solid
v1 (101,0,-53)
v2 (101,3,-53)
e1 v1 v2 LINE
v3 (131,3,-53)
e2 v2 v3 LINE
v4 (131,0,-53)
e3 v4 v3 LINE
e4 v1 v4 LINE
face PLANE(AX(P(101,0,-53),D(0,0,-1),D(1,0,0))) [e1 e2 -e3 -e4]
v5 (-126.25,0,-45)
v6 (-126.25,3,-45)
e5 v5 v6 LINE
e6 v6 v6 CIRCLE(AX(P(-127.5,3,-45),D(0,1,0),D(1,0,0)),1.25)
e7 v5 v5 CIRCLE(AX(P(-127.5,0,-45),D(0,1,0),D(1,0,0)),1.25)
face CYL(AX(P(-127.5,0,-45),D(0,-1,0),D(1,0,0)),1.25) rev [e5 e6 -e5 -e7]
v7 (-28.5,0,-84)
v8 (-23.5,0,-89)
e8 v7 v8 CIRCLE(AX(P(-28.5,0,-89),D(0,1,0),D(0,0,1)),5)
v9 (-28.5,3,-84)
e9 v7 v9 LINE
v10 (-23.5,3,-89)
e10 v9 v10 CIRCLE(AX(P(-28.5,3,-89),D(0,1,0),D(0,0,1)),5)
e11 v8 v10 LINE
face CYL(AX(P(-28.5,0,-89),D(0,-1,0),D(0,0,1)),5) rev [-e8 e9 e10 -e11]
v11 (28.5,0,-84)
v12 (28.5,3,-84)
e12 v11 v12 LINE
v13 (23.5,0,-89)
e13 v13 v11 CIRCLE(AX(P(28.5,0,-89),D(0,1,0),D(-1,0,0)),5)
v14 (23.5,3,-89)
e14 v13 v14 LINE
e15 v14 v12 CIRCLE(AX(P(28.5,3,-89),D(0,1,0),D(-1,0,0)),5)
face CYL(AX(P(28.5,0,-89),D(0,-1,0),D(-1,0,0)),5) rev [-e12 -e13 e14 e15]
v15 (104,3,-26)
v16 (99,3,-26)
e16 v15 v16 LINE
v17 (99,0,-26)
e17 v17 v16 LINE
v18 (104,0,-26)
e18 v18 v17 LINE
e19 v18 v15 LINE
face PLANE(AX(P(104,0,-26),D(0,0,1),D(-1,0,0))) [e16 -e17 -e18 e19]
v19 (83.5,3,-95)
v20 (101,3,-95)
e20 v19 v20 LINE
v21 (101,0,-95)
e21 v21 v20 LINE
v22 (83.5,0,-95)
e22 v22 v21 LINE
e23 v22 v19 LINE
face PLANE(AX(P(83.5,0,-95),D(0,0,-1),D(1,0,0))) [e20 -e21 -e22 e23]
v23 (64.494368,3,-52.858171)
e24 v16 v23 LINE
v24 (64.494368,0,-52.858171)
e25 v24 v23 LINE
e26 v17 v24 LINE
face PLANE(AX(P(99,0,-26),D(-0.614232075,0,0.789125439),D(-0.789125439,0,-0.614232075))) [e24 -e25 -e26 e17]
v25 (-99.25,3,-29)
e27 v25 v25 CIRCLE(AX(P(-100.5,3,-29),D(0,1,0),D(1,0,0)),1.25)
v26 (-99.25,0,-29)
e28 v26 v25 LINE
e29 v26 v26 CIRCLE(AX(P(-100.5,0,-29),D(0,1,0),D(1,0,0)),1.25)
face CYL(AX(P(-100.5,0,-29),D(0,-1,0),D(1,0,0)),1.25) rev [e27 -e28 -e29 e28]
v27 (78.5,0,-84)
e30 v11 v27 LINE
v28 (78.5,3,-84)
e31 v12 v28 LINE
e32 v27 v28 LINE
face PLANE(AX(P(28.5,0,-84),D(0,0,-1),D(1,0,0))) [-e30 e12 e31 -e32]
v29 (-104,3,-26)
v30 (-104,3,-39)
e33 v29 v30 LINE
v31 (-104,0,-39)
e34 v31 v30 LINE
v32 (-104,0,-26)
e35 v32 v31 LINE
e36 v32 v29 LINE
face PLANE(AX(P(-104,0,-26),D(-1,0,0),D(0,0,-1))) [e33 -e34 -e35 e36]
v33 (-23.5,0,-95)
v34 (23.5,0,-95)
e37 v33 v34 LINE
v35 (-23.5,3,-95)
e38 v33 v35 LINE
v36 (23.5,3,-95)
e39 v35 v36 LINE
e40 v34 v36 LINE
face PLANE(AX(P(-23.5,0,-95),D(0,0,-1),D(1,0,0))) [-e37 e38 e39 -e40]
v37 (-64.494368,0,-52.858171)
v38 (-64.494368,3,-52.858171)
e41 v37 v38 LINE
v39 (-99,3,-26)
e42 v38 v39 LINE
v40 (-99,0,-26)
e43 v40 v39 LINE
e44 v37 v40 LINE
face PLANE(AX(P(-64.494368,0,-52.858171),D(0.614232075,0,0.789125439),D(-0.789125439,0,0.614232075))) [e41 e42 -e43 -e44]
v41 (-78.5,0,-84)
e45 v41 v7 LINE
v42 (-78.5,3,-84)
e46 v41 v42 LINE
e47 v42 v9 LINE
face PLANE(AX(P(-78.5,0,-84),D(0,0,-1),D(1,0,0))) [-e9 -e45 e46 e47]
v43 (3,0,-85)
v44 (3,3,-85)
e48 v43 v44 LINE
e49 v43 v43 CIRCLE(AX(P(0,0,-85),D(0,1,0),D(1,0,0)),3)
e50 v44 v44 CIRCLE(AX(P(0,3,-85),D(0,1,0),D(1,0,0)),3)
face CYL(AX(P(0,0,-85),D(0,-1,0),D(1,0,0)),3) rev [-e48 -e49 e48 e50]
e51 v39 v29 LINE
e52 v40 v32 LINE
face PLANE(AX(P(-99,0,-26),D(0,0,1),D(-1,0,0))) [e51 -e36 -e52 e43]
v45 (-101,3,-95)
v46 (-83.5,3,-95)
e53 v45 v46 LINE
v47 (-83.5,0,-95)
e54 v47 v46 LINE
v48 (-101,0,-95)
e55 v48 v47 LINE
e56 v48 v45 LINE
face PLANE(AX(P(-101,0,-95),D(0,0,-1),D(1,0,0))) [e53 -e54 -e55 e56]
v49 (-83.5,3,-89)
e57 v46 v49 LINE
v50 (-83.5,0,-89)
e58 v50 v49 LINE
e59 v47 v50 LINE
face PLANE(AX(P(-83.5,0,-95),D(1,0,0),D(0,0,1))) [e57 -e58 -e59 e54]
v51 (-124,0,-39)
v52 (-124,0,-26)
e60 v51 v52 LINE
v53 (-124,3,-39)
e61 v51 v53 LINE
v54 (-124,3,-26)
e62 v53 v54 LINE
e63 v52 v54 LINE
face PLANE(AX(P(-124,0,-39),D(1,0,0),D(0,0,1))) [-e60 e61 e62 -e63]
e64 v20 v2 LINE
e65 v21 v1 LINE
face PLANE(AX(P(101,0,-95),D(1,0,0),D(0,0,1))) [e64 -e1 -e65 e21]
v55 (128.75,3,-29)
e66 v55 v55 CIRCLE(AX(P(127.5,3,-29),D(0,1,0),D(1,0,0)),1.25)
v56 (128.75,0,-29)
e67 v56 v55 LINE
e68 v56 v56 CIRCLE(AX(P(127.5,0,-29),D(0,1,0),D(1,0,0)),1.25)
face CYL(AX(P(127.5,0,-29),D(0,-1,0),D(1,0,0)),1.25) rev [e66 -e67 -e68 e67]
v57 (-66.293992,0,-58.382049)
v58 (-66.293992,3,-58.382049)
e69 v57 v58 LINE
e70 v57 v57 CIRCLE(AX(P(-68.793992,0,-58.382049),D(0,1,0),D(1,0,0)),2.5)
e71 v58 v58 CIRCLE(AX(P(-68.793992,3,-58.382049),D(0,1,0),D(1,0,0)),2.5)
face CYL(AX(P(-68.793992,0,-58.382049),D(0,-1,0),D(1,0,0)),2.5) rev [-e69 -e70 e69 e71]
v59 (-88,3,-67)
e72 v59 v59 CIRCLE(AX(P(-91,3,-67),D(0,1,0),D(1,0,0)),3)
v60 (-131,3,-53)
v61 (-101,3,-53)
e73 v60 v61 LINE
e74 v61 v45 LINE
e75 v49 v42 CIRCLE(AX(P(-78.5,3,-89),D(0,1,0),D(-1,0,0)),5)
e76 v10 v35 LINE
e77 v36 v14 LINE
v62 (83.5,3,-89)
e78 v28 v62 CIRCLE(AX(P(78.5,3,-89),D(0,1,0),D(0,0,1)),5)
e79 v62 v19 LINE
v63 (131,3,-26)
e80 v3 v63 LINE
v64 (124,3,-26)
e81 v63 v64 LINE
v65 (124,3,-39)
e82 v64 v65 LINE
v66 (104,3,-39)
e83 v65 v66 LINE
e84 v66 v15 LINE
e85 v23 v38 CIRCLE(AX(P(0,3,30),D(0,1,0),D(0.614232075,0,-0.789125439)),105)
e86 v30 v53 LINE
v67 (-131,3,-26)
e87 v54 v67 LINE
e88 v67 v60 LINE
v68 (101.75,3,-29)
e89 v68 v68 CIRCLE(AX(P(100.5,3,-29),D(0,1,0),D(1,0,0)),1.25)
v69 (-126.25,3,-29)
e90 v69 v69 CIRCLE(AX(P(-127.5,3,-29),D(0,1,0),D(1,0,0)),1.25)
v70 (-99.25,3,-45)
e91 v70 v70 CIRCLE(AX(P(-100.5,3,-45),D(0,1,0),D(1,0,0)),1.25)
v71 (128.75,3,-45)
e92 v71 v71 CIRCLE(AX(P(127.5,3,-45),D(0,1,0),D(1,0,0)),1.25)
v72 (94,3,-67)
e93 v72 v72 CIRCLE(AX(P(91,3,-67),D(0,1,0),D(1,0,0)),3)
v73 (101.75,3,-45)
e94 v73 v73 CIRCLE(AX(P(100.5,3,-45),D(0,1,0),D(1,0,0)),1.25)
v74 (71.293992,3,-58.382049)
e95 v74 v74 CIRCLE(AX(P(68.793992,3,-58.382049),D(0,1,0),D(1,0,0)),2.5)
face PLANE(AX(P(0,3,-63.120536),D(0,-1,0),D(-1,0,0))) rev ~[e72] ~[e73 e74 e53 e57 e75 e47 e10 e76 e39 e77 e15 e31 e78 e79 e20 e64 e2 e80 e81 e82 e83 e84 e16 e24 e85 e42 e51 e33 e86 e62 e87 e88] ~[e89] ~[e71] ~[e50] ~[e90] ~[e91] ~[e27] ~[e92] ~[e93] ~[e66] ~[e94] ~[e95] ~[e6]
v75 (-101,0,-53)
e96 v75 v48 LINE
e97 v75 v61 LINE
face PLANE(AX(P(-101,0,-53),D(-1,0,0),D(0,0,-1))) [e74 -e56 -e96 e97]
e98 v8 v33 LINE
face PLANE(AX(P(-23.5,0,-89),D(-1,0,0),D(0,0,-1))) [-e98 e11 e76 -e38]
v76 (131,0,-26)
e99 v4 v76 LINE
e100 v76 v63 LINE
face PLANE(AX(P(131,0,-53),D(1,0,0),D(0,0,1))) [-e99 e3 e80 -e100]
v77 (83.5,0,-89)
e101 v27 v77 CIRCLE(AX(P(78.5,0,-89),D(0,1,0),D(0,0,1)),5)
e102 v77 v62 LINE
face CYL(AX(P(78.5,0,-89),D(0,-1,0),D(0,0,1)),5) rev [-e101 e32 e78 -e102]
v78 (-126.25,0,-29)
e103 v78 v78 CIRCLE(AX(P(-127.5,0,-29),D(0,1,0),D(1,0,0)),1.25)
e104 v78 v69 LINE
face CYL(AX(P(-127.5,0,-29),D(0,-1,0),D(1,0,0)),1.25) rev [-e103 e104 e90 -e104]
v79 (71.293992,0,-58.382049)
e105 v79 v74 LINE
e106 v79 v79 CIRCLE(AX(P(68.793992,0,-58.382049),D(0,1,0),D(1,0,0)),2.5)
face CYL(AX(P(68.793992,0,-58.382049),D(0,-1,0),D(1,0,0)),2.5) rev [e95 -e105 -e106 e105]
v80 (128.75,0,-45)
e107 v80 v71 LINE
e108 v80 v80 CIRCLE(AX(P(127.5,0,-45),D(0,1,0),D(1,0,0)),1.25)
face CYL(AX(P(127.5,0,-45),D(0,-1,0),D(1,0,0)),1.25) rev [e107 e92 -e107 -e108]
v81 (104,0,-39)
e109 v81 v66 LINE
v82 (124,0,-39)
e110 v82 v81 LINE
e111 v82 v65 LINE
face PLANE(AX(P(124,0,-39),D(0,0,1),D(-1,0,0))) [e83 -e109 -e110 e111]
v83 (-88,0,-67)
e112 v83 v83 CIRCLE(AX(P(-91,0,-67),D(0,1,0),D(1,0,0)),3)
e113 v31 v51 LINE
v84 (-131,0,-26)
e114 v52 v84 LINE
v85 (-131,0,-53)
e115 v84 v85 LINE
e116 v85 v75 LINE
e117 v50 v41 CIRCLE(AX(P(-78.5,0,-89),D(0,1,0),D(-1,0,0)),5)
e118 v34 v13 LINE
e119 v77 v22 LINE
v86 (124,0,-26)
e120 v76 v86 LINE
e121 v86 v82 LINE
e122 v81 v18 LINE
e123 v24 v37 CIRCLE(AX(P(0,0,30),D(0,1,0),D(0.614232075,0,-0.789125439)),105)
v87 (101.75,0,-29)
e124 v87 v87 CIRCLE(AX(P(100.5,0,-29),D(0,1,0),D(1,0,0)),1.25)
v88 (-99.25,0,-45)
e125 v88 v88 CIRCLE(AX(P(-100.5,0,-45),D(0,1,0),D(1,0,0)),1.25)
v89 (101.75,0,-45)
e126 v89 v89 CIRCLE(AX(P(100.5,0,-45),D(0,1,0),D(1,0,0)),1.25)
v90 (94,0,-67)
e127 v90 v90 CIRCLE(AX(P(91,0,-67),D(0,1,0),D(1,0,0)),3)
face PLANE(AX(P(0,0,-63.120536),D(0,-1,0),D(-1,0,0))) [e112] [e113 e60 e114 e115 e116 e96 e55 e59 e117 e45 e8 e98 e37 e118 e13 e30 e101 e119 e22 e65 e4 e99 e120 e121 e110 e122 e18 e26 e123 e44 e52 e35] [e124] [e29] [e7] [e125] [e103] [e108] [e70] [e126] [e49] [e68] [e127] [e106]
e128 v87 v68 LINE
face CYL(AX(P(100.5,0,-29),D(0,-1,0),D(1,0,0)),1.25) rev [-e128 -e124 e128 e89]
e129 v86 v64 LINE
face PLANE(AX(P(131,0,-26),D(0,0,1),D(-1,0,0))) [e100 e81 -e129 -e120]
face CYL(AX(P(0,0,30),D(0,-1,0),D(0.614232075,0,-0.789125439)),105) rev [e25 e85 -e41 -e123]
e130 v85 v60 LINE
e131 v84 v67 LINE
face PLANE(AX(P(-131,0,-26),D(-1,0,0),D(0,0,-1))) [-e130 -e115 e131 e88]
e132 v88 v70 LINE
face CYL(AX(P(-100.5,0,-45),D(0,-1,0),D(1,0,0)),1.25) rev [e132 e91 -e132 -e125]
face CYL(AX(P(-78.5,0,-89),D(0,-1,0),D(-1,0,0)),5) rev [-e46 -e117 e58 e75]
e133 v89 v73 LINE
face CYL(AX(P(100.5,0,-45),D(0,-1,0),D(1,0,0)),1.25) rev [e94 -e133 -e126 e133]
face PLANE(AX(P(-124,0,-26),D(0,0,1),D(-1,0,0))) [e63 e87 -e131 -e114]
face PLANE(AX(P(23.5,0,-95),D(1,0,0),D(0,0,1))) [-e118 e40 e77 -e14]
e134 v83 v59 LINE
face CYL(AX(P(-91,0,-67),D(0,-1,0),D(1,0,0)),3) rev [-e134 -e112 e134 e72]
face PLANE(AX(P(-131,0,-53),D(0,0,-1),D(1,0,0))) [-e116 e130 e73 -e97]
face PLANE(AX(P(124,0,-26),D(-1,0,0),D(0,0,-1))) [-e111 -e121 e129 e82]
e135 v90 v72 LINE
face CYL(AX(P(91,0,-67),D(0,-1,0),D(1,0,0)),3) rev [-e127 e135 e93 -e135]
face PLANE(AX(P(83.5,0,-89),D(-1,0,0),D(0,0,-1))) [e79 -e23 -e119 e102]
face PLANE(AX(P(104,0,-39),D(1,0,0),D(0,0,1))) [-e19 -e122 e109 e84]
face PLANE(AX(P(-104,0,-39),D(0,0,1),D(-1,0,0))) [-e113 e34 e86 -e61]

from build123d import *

# Parameters (mm, degrees)
ESQUISSE1_R      = 3
ESQUISSE1_R_2    = 1.25
ESQUISSE1_R_3    = 2.5
EXTRUSION1_DEPTH = 3


with BuildPart() as part:
    # Esquisse1 → Extrusion1 (new body)
    with BuildSketch(Plane(origin=(0, 0, 0), x_dir=(1, 0, 0), z_dir=(0, 1, 0))):
        with BuildLine():
            Line((-64.494367887, 52.858171056), (-99, 26))
            Line((-99, 26), (-104, 26))
            Line((-104, 26), (-104, 39))
            Line((-104, 39), (-124, 39))
            Line((-124, 39), (-124, 26))
            Line((-124, 26), (-131, 26))
            Line((-131, 26), (-131, 53))
            Line((-131, 53), (-101, 53))
            Line((-101, 53), (-101, 95))
            Line((-101, 95), (-83.5, 95))
            Line((-83.5, 95), (-83.5, 89))
            ThreePointArc((-83.5, 89), (-82.035533906, 85.464466094), (-78.5, 84))
            Line((-78.5, 84), (-28.5, 84))
            ThreePointArc((-28.5, 84), (-24.964466094, 85.464466094), (-23.5, 89))
            Line((-23.5, 89), (-23.5, 95))
            Line((-23.5, 95), (23.5, 95))
            Line((23.5, 95), (23.5, 89))
            ThreePointArc((23.5, 89), (24.964466094, 85.464466094), (28.5, 84))
            Line((28.5, 84), (78.5, 84))
            ThreePointArc((78.5, 84), (82.035533906, 85.464466094), (83.5, 89))
            Line((83.5, 89), (83.5, 95))
            Line((83.5, 95), (101, 95))
            Line((101, 95), (101, 53))
            Line((101, 53), (131, 53))
            Line((131, 53), (131, 26))
            Line((131, 26), (124, 26))
            Line((124, 26), (124, 39))
            Line((124, 39), (104, 39))
            Line((104, 39), (104, 26))
            Line((104, 26), (99, 26))
            Line((99, 26), (64.494367887, 52.858171056))
            ThreePointArc((64.494367887, 52.858171056), (0, 75), (-64.494367887, 52.858171056))
        make_face()
        with Locations((-91, 67)):
            Circle(ESQUISSE1_R, mode=Mode.SUBTRACT)
        with Locations((91, 67)):
            Circle(ESQUISSE1_R, mode=Mode.SUBTRACT)
        with Locations((-127.5, 45)):
            Circle(ESQUISSE1_R_2, mode=Mode.SUBTRACT)
        with Locations((-100.5, 45)):
            Circle(ESQUISSE1_R_2, mode=Mode.SUBTRACT)
        with Locations((-68.793992413, 58.382049127)):
            Circle(ESQUISSE1_R_3, mode=Mode.SUBTRACT)
        with Locations((68.793992413, 58.382049127)):
            Circle(ESQUISSE1_R_3, mode=Mode.SUBTRACT)
        with Locations((0, 85)):
            Circle(ESQUISSE1_R, mode=Mode.SUBTRACT)
        with Locations((-127.5, 29)):
            Circle(ESQUISSE1_R_2, mode=Mode.SUBTRACT)
        with Locations((-100.5, 29)):
            Circle(ESQUISSE1_R_2, mode=Mode.SUBTRACT)
        with Locations((100.5, 45)):
            Circle(ESQUISSE1_R_2, mode=Mode.SUBTRACT)
        with Locations((100.5, 29)):
            Circle(ESQUISSE1_R_2, mode=Mode.SUBTRACT)
        with Locations((127.5, 29)):
            Circle(ESQUISSE1_R_2, mode=Mode.SUBTRACT)
        with Locations((127.5, 45)):
            Circle(ESQUISSE1_R_2, mode=Mode.SUBTRACT)
    extrude(amount=EXTRUSION1_DEPTH)


solid = part.part
